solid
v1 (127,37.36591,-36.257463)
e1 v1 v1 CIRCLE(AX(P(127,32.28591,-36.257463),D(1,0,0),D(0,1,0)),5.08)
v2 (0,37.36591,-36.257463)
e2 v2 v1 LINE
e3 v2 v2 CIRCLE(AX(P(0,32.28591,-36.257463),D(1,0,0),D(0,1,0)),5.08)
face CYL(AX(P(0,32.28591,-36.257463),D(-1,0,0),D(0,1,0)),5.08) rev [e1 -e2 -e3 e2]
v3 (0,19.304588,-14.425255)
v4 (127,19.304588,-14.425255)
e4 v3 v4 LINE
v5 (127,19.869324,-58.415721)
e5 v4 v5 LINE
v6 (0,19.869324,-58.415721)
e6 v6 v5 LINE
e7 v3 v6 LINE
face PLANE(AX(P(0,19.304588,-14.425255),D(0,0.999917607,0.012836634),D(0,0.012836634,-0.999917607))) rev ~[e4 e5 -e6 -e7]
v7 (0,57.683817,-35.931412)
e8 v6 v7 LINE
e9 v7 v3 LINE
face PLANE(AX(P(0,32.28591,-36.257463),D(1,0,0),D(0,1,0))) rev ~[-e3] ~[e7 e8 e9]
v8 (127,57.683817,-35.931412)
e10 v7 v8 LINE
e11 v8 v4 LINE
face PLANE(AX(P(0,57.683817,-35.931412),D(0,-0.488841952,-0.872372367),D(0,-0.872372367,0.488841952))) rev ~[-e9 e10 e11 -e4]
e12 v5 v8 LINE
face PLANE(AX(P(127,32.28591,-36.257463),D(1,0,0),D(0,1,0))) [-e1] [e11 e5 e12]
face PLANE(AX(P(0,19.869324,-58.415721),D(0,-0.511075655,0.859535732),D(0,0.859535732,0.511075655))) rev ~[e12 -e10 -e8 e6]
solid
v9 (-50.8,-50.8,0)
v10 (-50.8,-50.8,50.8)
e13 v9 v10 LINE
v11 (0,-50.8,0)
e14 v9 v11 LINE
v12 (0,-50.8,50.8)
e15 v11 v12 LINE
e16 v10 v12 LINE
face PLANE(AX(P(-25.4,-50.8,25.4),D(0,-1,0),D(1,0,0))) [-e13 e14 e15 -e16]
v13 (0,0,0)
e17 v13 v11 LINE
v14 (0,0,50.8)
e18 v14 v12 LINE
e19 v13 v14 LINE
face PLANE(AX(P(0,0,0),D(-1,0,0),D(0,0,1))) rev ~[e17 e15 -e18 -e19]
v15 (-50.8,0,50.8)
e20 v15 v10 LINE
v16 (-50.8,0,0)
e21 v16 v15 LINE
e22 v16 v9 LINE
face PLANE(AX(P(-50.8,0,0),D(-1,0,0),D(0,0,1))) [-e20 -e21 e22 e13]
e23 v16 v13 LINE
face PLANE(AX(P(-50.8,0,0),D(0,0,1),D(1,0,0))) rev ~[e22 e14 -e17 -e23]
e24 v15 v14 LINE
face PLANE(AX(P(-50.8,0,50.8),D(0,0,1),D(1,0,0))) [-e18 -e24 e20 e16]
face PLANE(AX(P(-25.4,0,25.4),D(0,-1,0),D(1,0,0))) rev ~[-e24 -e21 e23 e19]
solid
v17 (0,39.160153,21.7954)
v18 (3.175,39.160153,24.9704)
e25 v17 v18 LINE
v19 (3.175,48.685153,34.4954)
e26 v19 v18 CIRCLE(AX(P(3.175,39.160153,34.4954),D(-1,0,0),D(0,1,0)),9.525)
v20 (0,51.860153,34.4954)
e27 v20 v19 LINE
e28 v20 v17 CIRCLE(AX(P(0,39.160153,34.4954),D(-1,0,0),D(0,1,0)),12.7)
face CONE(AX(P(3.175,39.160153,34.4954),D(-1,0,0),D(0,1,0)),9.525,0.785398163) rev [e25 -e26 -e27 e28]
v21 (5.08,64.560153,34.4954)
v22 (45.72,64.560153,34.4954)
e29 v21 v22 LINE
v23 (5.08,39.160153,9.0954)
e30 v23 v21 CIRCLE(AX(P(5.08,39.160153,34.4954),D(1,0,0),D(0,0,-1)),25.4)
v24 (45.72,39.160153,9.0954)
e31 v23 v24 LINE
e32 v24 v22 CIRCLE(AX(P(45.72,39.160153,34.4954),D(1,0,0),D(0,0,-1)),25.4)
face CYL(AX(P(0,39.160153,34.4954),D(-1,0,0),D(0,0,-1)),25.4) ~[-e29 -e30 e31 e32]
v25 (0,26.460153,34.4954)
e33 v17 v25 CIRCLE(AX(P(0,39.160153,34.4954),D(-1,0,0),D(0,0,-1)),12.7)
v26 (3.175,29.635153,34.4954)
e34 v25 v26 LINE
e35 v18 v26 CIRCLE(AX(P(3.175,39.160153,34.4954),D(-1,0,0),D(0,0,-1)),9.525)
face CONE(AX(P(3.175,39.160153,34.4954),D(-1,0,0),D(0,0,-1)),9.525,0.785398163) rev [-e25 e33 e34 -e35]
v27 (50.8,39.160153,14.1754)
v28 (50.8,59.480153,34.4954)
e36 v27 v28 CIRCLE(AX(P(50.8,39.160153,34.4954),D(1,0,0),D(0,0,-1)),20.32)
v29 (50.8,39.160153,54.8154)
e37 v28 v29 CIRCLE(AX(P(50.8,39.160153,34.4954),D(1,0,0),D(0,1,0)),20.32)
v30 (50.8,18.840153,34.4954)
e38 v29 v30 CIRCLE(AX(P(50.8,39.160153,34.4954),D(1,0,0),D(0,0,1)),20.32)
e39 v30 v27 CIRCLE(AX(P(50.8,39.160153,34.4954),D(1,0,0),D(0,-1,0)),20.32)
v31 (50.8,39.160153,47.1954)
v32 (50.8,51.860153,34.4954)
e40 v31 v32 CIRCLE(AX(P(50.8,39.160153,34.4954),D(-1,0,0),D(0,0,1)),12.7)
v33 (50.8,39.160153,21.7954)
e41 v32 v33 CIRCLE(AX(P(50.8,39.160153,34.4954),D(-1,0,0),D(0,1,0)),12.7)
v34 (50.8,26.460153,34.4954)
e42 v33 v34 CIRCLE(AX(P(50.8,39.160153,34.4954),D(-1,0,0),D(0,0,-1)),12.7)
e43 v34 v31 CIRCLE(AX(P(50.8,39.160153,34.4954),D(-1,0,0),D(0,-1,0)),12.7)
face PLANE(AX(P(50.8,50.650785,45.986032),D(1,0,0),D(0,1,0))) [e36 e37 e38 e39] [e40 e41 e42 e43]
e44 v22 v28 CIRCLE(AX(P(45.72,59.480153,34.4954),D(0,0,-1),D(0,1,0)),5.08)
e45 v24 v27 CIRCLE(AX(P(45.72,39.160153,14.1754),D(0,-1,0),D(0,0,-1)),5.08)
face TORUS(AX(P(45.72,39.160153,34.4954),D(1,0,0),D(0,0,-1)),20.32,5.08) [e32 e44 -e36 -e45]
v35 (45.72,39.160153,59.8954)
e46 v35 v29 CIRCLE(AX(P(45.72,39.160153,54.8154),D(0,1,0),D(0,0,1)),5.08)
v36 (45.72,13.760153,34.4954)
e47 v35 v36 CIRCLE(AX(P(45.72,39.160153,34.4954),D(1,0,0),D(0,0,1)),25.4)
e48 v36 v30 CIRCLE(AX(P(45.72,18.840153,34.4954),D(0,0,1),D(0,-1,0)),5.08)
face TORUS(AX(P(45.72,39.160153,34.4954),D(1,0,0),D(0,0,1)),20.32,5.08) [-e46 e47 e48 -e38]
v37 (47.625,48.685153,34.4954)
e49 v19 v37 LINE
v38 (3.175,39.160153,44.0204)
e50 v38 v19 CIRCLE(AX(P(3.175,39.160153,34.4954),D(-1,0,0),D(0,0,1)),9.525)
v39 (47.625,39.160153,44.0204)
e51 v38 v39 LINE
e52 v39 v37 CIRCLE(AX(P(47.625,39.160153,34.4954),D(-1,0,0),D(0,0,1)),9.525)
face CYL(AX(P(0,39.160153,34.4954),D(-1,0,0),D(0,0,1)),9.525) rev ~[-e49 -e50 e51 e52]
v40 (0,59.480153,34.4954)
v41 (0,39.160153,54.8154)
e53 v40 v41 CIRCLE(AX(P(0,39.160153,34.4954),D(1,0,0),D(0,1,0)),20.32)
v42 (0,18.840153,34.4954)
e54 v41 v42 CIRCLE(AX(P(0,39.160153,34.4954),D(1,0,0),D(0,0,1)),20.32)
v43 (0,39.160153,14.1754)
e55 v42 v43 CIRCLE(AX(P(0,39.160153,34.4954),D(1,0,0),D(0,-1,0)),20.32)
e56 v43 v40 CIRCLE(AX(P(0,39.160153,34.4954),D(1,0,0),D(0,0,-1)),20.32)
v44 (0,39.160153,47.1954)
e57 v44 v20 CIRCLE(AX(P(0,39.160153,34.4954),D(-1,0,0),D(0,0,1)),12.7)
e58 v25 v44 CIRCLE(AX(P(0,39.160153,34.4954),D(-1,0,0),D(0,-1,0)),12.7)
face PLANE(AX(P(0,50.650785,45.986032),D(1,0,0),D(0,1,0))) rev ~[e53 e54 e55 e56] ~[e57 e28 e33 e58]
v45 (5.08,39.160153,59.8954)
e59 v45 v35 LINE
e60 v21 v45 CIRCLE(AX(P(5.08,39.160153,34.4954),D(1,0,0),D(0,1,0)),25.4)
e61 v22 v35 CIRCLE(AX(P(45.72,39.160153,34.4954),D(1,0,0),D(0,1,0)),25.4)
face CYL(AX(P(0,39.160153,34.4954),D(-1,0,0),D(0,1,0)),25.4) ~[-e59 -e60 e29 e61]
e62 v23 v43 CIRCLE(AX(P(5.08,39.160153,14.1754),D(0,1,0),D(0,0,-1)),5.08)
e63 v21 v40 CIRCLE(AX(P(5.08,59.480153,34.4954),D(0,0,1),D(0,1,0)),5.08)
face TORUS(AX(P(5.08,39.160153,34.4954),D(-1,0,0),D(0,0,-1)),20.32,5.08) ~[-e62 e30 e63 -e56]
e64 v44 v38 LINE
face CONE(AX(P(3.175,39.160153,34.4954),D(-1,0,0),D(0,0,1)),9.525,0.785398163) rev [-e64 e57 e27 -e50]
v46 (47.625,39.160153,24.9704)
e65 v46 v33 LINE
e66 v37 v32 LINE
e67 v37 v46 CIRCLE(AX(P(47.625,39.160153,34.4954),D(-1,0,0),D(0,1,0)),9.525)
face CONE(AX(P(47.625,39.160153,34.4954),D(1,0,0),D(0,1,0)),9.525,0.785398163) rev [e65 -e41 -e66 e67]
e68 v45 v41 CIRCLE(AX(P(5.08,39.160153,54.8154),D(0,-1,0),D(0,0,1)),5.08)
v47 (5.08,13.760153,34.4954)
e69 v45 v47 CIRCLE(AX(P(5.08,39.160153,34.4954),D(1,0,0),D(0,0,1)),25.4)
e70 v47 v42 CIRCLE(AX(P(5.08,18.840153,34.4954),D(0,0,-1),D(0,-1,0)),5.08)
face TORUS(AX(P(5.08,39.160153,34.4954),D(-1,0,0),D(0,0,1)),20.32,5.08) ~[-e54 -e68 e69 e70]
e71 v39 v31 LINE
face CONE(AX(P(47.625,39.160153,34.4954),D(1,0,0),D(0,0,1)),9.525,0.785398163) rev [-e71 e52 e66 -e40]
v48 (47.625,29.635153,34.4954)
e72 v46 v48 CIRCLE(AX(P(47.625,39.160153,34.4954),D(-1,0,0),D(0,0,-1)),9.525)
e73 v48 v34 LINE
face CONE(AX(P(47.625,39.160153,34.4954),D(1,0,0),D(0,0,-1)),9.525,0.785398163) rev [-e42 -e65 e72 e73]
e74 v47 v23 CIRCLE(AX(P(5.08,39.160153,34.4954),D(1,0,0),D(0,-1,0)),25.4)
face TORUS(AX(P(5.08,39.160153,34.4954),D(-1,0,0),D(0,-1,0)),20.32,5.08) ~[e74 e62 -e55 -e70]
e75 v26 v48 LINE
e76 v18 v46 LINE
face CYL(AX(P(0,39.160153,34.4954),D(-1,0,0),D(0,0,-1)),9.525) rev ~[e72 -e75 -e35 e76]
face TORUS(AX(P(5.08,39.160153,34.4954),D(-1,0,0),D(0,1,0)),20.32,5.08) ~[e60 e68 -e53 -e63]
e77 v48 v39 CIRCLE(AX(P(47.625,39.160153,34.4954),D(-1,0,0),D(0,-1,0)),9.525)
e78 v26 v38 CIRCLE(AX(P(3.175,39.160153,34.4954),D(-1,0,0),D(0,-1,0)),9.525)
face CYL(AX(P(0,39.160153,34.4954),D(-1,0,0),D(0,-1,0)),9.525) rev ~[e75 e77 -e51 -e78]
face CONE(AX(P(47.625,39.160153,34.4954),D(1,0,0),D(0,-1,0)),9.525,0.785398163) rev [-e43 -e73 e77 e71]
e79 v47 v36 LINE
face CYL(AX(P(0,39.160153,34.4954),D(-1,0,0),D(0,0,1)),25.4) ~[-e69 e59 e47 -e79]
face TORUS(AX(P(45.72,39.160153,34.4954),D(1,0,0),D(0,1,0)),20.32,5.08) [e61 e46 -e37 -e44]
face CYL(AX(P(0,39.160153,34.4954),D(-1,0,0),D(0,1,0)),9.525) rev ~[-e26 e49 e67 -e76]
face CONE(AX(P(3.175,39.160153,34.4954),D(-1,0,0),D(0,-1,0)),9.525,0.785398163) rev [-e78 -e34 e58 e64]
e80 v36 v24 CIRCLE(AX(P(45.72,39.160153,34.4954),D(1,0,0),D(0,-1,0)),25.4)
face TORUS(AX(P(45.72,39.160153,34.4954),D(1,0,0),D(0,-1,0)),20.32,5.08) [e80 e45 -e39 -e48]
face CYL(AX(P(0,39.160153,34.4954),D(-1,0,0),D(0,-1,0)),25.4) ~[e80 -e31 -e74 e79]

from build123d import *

# Parameters (mm, degrees)
F0_W     = 50.8
F0_H     = 50.8
F1_DEPTH = 50.8
F3_DEPTH = 50.8
F4_R     = 5.08
F5_SIZE  = 3.175
F6_SIZE  = 3.175
F7_R     = 5.08
F8_DEPTH = 127


with BuildPart() as f1:
    # F0 (on Front) → F1 (new body)
    with BuildSketch(Plane.XZ):
        with Locations((-25.4, 25.4)):
            Rectangle(F0_W, F0_H)
    extrude(amount=F1_DEPTH)


with BuildPart() as f3:
    # F2 (on Right) → F3 (new body)
    with BuildSketch(Plane.YZ):
        with BuildLine():
            Line((48.6851525075, 34.495400198), (64.5601525075, 34.495400198))
            ThreePointArc((64.5601525075, 34.495400198), (57.1206647496, 52.4559124401), (39.1601525075, 59.895400198))
            Line((39.1601525075, 59.895400198), (39.1601525075, 44.020400198))
            ThreePointArc((39.1601525075, 44.020400198), (45.8953445983, 41.2305922888), (48.6851525075, 34.495400198))
        make_face()
        with BuildLine():
            Line((39.1601525075, 44.020400198), (39.1601525075, 59.895400198))
            ThreePointArc((39.1601525075, 59.895400198), (21.1996402654, 52.4559124401), (13.7601525075, 34.495400198))
            Line((13.7601525075, 34.495400198), (29.6351525075, 34.495400198))
            ThreePointArc((29.6351525075, 34.495400198), (32.4249604167, 41.2305922888), (39.1601525075, 44.020400198))
        make_face()
        with BuildLine():
            ThreePointArc((13.7601525075, 34.495400198), (21.1996402654, 16.5348879559), (39.1601525075, 9.095400198))
            Line((39.1601525075, 9.095400198), (39.1601525075, 24.970400198))
            ThreePointArc((39.1601525075, 24.970400198), (32.4249604167, 27.7602081072), (29.6351525075, 34.495400198))
            Line((29.6351525075, 34.495400198), (13.7601525075, 34.495400198))
        make_face()
        with BuildLine():
            ThreePointArc((39.1601525075, 9.095400198), (57.1206647496, 16.5348879559), (64.5601525075, 34.495400198))
            Line((64.5601525075, 34.495400198), (48.6851525075, 34.495400198))
            ThreePointArc((48.6851525075, 34.495400198), (45.8953445983, 27.7602081072), (39.1601525075, 24.970400198))
            Line((39.1601525075, 24.970400198), (39.1601525075, 9.095400198))
        make_face()
    extrude(amount=F3_DEPTH)

    # F4
    f4_edges = [f3.edges().sort_by_distance(p)[0] for p in [
        (50.8, 39.160153, 59.8954),
        (0, 39.160153, 59.8954),
    ]]
    fillet(f4_edges, radius=F4_R)

    # F5
    f5_edges = [f3.edges().sort_by_distance(p)[0] for p in [
        (0, 29.635153, 34.4954),
    ]]
    chamfer(f5_edges, length=F5_SIZE)

    # F6
    f6_edges = [f3.edges().sort_by_distance(p)[0] for p in [
        (50.8, 29.635153, 34.4954),
    ]]
    chamfer(f6_edges, length=F6_SIZE)


with BuildPart() as f8:
    # F7 (on Right) → F8 (new body)
    with BuildSketch(Plane.YZ):
        Polygon((19.8693240316, -58.4157209222), (57.6838168302, -35.9314122963), (19.3045879744, -14.4252552145), align=None)
        with Locations((32.2859096121, -36.257462811)):
            Circle(F7_R, mode=Mode.SUBTRACT)
    extrude(amount=F8_DEPTH)


solid = Compound([f1.part, f3.part, f8.part])
